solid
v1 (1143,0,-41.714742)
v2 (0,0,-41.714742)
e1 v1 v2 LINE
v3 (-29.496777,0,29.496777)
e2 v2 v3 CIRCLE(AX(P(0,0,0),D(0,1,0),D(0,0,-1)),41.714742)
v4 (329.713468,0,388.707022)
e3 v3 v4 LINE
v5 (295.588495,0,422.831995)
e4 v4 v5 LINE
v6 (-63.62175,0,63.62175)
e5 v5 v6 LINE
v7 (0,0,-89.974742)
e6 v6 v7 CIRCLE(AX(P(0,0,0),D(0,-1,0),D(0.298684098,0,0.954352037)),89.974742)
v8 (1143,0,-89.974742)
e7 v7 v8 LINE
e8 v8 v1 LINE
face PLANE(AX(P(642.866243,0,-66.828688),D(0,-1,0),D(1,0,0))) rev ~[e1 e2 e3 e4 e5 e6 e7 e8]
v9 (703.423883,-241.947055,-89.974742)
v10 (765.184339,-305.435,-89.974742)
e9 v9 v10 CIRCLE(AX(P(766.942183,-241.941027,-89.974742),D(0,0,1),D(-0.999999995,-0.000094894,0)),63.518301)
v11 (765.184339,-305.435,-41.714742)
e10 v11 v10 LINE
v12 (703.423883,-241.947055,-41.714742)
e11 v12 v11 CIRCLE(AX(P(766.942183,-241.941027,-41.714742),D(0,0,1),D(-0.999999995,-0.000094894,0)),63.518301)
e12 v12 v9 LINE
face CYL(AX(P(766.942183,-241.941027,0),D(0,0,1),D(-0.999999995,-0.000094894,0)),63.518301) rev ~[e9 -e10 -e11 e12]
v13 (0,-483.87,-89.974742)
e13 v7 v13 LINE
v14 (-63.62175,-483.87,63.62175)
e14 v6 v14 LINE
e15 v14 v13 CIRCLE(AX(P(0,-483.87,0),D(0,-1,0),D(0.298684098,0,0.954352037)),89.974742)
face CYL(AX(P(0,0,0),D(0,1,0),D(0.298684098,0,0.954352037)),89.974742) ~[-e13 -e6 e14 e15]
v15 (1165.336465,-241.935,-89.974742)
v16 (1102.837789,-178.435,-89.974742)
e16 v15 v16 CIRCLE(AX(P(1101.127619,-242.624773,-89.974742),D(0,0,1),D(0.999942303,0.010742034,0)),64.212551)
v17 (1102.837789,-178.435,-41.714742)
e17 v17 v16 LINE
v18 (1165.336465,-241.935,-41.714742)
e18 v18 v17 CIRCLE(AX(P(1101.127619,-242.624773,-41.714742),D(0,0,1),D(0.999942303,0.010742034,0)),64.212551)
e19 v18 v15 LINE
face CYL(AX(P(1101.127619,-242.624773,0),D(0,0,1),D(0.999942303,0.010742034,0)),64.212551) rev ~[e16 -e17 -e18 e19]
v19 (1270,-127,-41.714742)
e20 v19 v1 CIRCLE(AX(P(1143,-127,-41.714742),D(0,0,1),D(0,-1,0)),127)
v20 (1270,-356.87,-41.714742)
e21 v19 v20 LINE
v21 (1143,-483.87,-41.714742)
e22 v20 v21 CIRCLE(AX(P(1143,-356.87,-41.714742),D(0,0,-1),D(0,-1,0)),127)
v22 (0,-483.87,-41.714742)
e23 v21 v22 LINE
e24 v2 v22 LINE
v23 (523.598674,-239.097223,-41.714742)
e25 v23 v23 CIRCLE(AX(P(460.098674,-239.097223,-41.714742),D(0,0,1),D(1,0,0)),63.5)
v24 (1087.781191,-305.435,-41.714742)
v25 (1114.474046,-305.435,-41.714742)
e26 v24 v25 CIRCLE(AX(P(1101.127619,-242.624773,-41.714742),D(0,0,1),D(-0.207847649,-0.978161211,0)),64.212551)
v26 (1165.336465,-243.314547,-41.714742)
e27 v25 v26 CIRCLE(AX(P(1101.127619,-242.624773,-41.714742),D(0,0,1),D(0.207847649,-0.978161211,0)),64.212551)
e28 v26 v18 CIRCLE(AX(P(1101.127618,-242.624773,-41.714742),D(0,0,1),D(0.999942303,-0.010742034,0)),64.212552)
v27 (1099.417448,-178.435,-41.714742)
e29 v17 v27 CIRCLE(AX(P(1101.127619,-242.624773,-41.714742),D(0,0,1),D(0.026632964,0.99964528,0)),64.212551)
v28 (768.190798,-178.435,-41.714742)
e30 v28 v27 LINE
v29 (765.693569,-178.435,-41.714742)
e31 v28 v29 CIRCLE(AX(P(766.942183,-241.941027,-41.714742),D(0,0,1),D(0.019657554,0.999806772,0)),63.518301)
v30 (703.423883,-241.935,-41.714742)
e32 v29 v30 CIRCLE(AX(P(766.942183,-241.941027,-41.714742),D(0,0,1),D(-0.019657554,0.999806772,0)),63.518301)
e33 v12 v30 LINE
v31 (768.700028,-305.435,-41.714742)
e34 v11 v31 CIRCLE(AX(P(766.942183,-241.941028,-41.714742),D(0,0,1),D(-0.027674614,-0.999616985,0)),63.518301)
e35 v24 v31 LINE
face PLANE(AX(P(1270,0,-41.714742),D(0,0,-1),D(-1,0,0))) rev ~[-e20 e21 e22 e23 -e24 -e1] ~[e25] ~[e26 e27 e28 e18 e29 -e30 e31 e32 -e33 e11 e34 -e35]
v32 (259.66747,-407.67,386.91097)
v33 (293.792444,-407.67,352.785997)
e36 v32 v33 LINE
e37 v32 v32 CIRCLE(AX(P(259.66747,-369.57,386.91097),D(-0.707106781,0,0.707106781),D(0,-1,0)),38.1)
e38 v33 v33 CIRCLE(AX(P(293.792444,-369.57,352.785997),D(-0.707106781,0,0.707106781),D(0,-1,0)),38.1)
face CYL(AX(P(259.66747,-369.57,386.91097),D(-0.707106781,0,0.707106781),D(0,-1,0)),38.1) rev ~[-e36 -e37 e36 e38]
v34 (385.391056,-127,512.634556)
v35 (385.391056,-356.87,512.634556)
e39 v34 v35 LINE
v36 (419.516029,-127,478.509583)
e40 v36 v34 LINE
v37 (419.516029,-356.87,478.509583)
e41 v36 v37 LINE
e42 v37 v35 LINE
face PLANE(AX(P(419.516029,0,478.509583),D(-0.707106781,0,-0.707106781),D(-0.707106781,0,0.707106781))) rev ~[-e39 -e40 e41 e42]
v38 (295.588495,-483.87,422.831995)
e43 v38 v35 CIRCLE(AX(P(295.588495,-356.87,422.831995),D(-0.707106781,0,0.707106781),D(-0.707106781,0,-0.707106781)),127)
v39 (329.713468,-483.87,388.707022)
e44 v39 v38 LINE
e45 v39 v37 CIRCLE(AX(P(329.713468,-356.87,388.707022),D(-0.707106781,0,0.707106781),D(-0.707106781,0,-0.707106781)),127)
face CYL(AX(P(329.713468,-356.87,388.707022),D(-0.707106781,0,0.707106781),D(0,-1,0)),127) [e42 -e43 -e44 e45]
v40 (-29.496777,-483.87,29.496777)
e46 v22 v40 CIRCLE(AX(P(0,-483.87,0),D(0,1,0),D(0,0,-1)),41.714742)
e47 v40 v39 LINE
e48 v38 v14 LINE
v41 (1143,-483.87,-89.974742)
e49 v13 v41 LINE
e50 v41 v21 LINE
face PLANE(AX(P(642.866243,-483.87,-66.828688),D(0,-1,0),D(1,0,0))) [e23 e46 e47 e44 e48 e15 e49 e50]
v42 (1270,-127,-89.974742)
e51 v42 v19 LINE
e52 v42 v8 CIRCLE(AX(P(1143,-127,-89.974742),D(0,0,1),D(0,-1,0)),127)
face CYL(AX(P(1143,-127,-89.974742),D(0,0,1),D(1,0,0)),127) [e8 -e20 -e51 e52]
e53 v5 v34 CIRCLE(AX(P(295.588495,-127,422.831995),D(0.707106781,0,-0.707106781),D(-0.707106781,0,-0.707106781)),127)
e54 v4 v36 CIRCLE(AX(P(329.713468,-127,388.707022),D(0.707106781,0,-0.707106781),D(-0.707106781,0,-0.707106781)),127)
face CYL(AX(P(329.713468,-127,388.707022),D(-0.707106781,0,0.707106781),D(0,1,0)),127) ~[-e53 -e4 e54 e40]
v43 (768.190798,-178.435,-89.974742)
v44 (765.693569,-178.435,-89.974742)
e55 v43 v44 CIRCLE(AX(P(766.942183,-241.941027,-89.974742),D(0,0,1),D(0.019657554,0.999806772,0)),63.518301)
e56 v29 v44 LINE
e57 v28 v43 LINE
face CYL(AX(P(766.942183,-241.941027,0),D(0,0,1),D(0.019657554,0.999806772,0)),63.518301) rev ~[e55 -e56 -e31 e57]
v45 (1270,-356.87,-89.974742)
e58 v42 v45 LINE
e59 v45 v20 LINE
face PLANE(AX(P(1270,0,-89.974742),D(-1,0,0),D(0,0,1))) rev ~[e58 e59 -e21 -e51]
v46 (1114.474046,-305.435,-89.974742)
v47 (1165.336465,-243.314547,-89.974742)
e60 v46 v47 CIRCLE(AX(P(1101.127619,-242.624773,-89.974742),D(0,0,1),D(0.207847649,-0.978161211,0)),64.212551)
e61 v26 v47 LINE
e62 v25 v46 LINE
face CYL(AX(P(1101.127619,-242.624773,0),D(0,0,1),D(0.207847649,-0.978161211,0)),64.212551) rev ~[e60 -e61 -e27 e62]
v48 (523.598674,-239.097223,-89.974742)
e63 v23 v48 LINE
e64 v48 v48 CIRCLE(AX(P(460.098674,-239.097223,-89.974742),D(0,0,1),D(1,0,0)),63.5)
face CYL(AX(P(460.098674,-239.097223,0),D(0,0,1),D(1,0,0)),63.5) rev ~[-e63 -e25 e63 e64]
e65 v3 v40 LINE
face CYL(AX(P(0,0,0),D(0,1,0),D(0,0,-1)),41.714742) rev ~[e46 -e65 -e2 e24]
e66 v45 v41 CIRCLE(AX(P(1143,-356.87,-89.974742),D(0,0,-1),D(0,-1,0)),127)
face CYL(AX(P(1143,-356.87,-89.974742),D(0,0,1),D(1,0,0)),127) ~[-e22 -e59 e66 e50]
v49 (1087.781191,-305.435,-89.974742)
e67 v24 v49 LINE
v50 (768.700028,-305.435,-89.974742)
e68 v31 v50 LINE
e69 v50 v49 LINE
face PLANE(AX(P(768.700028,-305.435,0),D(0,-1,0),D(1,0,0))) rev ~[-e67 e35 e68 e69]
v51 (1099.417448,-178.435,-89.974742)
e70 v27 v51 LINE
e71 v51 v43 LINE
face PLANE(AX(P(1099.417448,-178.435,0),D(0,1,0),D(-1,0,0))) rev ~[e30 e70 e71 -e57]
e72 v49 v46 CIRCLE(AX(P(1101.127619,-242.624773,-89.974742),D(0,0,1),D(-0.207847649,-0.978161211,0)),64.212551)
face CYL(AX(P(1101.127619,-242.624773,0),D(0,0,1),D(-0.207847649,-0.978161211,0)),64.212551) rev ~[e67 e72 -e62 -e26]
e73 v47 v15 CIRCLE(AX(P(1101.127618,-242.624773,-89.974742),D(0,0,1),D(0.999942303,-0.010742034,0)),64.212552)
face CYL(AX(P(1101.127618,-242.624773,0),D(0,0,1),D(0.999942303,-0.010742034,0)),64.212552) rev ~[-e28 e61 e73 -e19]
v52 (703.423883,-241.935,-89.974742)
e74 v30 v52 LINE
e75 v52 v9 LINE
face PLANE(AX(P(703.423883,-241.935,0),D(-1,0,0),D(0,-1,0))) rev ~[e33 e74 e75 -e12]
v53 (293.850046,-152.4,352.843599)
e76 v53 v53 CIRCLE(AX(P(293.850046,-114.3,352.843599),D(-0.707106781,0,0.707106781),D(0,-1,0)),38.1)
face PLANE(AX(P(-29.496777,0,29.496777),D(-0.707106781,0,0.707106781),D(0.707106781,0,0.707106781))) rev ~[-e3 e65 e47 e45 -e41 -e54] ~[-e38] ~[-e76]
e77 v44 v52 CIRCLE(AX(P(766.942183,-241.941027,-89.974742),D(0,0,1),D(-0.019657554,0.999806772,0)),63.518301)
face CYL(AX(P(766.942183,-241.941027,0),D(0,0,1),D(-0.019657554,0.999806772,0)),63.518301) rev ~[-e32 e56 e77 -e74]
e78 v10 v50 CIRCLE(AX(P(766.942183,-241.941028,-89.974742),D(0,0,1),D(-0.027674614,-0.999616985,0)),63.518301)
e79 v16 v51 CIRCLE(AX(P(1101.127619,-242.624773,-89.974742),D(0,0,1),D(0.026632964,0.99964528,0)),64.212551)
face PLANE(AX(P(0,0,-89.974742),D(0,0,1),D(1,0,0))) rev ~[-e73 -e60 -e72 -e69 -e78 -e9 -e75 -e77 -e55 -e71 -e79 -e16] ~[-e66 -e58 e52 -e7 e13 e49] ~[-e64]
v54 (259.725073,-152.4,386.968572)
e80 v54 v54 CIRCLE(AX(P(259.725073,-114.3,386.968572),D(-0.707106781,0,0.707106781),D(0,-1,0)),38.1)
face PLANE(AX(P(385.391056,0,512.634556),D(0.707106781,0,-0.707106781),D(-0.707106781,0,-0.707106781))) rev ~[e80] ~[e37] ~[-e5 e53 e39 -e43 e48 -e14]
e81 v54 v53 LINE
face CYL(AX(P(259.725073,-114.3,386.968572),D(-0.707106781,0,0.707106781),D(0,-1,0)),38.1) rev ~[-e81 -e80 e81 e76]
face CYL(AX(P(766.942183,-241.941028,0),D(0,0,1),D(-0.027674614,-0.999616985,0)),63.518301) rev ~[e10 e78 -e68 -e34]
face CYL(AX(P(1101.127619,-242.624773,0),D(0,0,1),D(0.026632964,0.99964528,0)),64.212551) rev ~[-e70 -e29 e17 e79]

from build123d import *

# Parameters (mm, degrees)
F1_DEPTH = 483.87
F2_R     = 127
F3_R     = 127
F5_DEPTH = 262.8959715366
F6_R     = 38.1
F7_DEPTH = 111.5219220519


with BuildPart() as f1:
    # F0 (on Front) → F1 (new body)
    with BuildSketch(Plane.XZ):
        with BuildLine():
            Line((1270, -41.7147416453), (79.7203516274, -41.7147416453))
            ThreePointArc((79.7203516274, -41.7147416453), (46.5949623447, -76.9698877369), (0, -89.9747416453))
            Line((0, -89.9747416453), (1270, -89.9747416453))
            Line((1270, -89.9747416453), (1270, -41.7147416453))
        make_face()
        with BuildLine():
            ThreePointArc((-63.6217499529, 63.6217499529), (-21.4783157229, 87.373543409), (26.8740245415, 85.8675779271))
            Line((26.8740245415, 85.8675779271), (92.6755573214, 151.669110707))
            Line((92.6755573214, 151.669110707), (419.5160293606, 478.5095827463))
            Line((419.5160293606, 478.5095827463), (385.3910561006, 512.6345560063))
            Line((385.3910561006, 512.6345560063), (-63.6217499529, 63.6217499529))
        make_face()
        with BuildLine():
            ThreePointArc((0, -41.7147416453), (-38.5393960101, -15.963540513), (-29.4967766928, 29.4967766928))
            Line((-29.4967766928, 29.4967766928), (26.8740245415, 85.8675779271))
            ThreePointArc((26.8740245415, 85.8675779271), (-21.4783157229, 87.373543409), (-63.6217499529, 63.6217499529))
            ThreePointArc((-63.6217499529, 63.6217499529), (-83.1258222491, -34.431842959), (0, -89.9747416453))
            ThreePointArc((0, -89.9747416453), (46.5949623447, -76.9698877369), (79.7203516274, -41.7147416453))
            Line((79.7203516274, -41.7147416453), (0, -41.7147416453))
        make_face()
    extrude(amount=F1_DEPTH)

    # F2
    f2_edges = [f1.edges().sort_by_distance(p)[0] for p in [
        (1270, -483.87, -65.844742),
        (1270, 0, -65.844742),
    ]]
    fillet(f2_edges, radius=F2_R)

    # F3
    f3_edges = [f1.edges().sort_by_distance(p)[0] for p in [
        (402.453543, -483.87, 495.572069),
        (402.453543, 0, 495.572069),
    ]]
    fillet(f3_edges, radius=F3_R)

    # F4 (on Top) → F5 (cut)
    with BuildSketch(Plane.XY):
        with BuildLine():
            ThreePointArc((768.1907979278, -178.435), (766.9421834827, -178.4227264611), (765.6935690377, -178.435))
            Line((765.6935690377, -178.435), (768.1907979278, -178.435))
        make_face()
        with BuildLine():
            Line((768.1907979278, -178.435), (765.6935690377, -178.435))
            ThreePointArc((765.6935690377, -178.435), (721.5907686724, -197.4682971963), (703.4238827535, -241.935))
            Line((703.4238827535, -241.935), (703.4238827535, -241.9470549528))
            ThreePointArc((703.4238827535, -241.9470549528), (721.412813036, -286.2315568319), (765.1843390533, -305.435))
            Line((765.1843390533, -305.435), (768.7000279122, -305.435))
            Line((768.7000279122, -305.435), (1087.7811908722, -305.435))
            Line((1087.7811908722, -305.435), (1114.4740463012, -305.435))
            ThreePointArc((1114.4740463012, -305.435), (1150.8110443569, -283.3041158357), (1165.3364646129, -243.3145468461))
            Line((1165.3364646129, -243.3145468461), (1165.3364646129, -241.935))
            ThreePointArc((1165.3364646129, -241.935), (1146.8921429081, -197.581904853), (1102.8377891298, -178.435))
            Line((1102.8377891298, -178.435), (1099.4174480436, -178.435))
            Line((1099.4174480436, -178.435), (768.1907979278, -178.435))
        make_face()
        with BuildLine():
            ThreePointArc((1102.8377891298, -178.435), (1101.1276185867, -178.4122225051), (1099.4174480436, -178.435))
            Line((1099.4174480436, -178.435), (1102.8377891298, -178.435))
        make_face()
        with BuildLine():
            Line((768.7000279122, -305.435), (765.1843390533, -305.435))
            ThreePointArc((765.1843390533, -305.435), (766.9421834827, -305.4593284917), (768.7000279122, -305.435))
        make_face()
        with BuildLine():
            ThreePointArc((1165.3364646129, -243.3145468461), (1165.3401695046, -242.624773423), (1165.3364646129, -241.935))
            Line((1165.3364646129, -241.935), (1165.3364646129, -243.3145468461))
        make_face()
        with BuildLine():
            Line((1114.4740463012, -305.435), (1087.7811908722, -305.435))
            ThreePointArc((1087.7811908722, -305.435), (1101.1276185867, -306.837324341), (1114.4740463012, -305.435))
        make_face()
        with BuildLine():
            ThreePointArc((460.0986740112, -175.5972226858), (415.1973934059, -283.9985032912), (523.5986740112, -239.0972226858))
            ThreePointArc((523.5986740112, -239.0972226858), (504.9999546166, -194.1959420805), (460.0986740112, -175.5972226858))
        make_face()
    extrude(amount=-F5_DEPTH, mode=Mode.SUBTRACT)

    # F6 (on face) → F7 (cut)
    with BuildSketch(Plane(origin=(-63.6217499529, 0, 63.6217499529), x_dir=(0, -1, 0), z_dir=(-0.7071067812, 0, 0.7071067812))):
        with Locations((114.3, 457.2814617571)):
            Circle(F6_R)
        with Locations((369.57, 457.2)):
            Circle(F6_R)
    extrude(amount=-F7_DEPTH, mode=Mode.SUBTRACT)


solid = f1.part
